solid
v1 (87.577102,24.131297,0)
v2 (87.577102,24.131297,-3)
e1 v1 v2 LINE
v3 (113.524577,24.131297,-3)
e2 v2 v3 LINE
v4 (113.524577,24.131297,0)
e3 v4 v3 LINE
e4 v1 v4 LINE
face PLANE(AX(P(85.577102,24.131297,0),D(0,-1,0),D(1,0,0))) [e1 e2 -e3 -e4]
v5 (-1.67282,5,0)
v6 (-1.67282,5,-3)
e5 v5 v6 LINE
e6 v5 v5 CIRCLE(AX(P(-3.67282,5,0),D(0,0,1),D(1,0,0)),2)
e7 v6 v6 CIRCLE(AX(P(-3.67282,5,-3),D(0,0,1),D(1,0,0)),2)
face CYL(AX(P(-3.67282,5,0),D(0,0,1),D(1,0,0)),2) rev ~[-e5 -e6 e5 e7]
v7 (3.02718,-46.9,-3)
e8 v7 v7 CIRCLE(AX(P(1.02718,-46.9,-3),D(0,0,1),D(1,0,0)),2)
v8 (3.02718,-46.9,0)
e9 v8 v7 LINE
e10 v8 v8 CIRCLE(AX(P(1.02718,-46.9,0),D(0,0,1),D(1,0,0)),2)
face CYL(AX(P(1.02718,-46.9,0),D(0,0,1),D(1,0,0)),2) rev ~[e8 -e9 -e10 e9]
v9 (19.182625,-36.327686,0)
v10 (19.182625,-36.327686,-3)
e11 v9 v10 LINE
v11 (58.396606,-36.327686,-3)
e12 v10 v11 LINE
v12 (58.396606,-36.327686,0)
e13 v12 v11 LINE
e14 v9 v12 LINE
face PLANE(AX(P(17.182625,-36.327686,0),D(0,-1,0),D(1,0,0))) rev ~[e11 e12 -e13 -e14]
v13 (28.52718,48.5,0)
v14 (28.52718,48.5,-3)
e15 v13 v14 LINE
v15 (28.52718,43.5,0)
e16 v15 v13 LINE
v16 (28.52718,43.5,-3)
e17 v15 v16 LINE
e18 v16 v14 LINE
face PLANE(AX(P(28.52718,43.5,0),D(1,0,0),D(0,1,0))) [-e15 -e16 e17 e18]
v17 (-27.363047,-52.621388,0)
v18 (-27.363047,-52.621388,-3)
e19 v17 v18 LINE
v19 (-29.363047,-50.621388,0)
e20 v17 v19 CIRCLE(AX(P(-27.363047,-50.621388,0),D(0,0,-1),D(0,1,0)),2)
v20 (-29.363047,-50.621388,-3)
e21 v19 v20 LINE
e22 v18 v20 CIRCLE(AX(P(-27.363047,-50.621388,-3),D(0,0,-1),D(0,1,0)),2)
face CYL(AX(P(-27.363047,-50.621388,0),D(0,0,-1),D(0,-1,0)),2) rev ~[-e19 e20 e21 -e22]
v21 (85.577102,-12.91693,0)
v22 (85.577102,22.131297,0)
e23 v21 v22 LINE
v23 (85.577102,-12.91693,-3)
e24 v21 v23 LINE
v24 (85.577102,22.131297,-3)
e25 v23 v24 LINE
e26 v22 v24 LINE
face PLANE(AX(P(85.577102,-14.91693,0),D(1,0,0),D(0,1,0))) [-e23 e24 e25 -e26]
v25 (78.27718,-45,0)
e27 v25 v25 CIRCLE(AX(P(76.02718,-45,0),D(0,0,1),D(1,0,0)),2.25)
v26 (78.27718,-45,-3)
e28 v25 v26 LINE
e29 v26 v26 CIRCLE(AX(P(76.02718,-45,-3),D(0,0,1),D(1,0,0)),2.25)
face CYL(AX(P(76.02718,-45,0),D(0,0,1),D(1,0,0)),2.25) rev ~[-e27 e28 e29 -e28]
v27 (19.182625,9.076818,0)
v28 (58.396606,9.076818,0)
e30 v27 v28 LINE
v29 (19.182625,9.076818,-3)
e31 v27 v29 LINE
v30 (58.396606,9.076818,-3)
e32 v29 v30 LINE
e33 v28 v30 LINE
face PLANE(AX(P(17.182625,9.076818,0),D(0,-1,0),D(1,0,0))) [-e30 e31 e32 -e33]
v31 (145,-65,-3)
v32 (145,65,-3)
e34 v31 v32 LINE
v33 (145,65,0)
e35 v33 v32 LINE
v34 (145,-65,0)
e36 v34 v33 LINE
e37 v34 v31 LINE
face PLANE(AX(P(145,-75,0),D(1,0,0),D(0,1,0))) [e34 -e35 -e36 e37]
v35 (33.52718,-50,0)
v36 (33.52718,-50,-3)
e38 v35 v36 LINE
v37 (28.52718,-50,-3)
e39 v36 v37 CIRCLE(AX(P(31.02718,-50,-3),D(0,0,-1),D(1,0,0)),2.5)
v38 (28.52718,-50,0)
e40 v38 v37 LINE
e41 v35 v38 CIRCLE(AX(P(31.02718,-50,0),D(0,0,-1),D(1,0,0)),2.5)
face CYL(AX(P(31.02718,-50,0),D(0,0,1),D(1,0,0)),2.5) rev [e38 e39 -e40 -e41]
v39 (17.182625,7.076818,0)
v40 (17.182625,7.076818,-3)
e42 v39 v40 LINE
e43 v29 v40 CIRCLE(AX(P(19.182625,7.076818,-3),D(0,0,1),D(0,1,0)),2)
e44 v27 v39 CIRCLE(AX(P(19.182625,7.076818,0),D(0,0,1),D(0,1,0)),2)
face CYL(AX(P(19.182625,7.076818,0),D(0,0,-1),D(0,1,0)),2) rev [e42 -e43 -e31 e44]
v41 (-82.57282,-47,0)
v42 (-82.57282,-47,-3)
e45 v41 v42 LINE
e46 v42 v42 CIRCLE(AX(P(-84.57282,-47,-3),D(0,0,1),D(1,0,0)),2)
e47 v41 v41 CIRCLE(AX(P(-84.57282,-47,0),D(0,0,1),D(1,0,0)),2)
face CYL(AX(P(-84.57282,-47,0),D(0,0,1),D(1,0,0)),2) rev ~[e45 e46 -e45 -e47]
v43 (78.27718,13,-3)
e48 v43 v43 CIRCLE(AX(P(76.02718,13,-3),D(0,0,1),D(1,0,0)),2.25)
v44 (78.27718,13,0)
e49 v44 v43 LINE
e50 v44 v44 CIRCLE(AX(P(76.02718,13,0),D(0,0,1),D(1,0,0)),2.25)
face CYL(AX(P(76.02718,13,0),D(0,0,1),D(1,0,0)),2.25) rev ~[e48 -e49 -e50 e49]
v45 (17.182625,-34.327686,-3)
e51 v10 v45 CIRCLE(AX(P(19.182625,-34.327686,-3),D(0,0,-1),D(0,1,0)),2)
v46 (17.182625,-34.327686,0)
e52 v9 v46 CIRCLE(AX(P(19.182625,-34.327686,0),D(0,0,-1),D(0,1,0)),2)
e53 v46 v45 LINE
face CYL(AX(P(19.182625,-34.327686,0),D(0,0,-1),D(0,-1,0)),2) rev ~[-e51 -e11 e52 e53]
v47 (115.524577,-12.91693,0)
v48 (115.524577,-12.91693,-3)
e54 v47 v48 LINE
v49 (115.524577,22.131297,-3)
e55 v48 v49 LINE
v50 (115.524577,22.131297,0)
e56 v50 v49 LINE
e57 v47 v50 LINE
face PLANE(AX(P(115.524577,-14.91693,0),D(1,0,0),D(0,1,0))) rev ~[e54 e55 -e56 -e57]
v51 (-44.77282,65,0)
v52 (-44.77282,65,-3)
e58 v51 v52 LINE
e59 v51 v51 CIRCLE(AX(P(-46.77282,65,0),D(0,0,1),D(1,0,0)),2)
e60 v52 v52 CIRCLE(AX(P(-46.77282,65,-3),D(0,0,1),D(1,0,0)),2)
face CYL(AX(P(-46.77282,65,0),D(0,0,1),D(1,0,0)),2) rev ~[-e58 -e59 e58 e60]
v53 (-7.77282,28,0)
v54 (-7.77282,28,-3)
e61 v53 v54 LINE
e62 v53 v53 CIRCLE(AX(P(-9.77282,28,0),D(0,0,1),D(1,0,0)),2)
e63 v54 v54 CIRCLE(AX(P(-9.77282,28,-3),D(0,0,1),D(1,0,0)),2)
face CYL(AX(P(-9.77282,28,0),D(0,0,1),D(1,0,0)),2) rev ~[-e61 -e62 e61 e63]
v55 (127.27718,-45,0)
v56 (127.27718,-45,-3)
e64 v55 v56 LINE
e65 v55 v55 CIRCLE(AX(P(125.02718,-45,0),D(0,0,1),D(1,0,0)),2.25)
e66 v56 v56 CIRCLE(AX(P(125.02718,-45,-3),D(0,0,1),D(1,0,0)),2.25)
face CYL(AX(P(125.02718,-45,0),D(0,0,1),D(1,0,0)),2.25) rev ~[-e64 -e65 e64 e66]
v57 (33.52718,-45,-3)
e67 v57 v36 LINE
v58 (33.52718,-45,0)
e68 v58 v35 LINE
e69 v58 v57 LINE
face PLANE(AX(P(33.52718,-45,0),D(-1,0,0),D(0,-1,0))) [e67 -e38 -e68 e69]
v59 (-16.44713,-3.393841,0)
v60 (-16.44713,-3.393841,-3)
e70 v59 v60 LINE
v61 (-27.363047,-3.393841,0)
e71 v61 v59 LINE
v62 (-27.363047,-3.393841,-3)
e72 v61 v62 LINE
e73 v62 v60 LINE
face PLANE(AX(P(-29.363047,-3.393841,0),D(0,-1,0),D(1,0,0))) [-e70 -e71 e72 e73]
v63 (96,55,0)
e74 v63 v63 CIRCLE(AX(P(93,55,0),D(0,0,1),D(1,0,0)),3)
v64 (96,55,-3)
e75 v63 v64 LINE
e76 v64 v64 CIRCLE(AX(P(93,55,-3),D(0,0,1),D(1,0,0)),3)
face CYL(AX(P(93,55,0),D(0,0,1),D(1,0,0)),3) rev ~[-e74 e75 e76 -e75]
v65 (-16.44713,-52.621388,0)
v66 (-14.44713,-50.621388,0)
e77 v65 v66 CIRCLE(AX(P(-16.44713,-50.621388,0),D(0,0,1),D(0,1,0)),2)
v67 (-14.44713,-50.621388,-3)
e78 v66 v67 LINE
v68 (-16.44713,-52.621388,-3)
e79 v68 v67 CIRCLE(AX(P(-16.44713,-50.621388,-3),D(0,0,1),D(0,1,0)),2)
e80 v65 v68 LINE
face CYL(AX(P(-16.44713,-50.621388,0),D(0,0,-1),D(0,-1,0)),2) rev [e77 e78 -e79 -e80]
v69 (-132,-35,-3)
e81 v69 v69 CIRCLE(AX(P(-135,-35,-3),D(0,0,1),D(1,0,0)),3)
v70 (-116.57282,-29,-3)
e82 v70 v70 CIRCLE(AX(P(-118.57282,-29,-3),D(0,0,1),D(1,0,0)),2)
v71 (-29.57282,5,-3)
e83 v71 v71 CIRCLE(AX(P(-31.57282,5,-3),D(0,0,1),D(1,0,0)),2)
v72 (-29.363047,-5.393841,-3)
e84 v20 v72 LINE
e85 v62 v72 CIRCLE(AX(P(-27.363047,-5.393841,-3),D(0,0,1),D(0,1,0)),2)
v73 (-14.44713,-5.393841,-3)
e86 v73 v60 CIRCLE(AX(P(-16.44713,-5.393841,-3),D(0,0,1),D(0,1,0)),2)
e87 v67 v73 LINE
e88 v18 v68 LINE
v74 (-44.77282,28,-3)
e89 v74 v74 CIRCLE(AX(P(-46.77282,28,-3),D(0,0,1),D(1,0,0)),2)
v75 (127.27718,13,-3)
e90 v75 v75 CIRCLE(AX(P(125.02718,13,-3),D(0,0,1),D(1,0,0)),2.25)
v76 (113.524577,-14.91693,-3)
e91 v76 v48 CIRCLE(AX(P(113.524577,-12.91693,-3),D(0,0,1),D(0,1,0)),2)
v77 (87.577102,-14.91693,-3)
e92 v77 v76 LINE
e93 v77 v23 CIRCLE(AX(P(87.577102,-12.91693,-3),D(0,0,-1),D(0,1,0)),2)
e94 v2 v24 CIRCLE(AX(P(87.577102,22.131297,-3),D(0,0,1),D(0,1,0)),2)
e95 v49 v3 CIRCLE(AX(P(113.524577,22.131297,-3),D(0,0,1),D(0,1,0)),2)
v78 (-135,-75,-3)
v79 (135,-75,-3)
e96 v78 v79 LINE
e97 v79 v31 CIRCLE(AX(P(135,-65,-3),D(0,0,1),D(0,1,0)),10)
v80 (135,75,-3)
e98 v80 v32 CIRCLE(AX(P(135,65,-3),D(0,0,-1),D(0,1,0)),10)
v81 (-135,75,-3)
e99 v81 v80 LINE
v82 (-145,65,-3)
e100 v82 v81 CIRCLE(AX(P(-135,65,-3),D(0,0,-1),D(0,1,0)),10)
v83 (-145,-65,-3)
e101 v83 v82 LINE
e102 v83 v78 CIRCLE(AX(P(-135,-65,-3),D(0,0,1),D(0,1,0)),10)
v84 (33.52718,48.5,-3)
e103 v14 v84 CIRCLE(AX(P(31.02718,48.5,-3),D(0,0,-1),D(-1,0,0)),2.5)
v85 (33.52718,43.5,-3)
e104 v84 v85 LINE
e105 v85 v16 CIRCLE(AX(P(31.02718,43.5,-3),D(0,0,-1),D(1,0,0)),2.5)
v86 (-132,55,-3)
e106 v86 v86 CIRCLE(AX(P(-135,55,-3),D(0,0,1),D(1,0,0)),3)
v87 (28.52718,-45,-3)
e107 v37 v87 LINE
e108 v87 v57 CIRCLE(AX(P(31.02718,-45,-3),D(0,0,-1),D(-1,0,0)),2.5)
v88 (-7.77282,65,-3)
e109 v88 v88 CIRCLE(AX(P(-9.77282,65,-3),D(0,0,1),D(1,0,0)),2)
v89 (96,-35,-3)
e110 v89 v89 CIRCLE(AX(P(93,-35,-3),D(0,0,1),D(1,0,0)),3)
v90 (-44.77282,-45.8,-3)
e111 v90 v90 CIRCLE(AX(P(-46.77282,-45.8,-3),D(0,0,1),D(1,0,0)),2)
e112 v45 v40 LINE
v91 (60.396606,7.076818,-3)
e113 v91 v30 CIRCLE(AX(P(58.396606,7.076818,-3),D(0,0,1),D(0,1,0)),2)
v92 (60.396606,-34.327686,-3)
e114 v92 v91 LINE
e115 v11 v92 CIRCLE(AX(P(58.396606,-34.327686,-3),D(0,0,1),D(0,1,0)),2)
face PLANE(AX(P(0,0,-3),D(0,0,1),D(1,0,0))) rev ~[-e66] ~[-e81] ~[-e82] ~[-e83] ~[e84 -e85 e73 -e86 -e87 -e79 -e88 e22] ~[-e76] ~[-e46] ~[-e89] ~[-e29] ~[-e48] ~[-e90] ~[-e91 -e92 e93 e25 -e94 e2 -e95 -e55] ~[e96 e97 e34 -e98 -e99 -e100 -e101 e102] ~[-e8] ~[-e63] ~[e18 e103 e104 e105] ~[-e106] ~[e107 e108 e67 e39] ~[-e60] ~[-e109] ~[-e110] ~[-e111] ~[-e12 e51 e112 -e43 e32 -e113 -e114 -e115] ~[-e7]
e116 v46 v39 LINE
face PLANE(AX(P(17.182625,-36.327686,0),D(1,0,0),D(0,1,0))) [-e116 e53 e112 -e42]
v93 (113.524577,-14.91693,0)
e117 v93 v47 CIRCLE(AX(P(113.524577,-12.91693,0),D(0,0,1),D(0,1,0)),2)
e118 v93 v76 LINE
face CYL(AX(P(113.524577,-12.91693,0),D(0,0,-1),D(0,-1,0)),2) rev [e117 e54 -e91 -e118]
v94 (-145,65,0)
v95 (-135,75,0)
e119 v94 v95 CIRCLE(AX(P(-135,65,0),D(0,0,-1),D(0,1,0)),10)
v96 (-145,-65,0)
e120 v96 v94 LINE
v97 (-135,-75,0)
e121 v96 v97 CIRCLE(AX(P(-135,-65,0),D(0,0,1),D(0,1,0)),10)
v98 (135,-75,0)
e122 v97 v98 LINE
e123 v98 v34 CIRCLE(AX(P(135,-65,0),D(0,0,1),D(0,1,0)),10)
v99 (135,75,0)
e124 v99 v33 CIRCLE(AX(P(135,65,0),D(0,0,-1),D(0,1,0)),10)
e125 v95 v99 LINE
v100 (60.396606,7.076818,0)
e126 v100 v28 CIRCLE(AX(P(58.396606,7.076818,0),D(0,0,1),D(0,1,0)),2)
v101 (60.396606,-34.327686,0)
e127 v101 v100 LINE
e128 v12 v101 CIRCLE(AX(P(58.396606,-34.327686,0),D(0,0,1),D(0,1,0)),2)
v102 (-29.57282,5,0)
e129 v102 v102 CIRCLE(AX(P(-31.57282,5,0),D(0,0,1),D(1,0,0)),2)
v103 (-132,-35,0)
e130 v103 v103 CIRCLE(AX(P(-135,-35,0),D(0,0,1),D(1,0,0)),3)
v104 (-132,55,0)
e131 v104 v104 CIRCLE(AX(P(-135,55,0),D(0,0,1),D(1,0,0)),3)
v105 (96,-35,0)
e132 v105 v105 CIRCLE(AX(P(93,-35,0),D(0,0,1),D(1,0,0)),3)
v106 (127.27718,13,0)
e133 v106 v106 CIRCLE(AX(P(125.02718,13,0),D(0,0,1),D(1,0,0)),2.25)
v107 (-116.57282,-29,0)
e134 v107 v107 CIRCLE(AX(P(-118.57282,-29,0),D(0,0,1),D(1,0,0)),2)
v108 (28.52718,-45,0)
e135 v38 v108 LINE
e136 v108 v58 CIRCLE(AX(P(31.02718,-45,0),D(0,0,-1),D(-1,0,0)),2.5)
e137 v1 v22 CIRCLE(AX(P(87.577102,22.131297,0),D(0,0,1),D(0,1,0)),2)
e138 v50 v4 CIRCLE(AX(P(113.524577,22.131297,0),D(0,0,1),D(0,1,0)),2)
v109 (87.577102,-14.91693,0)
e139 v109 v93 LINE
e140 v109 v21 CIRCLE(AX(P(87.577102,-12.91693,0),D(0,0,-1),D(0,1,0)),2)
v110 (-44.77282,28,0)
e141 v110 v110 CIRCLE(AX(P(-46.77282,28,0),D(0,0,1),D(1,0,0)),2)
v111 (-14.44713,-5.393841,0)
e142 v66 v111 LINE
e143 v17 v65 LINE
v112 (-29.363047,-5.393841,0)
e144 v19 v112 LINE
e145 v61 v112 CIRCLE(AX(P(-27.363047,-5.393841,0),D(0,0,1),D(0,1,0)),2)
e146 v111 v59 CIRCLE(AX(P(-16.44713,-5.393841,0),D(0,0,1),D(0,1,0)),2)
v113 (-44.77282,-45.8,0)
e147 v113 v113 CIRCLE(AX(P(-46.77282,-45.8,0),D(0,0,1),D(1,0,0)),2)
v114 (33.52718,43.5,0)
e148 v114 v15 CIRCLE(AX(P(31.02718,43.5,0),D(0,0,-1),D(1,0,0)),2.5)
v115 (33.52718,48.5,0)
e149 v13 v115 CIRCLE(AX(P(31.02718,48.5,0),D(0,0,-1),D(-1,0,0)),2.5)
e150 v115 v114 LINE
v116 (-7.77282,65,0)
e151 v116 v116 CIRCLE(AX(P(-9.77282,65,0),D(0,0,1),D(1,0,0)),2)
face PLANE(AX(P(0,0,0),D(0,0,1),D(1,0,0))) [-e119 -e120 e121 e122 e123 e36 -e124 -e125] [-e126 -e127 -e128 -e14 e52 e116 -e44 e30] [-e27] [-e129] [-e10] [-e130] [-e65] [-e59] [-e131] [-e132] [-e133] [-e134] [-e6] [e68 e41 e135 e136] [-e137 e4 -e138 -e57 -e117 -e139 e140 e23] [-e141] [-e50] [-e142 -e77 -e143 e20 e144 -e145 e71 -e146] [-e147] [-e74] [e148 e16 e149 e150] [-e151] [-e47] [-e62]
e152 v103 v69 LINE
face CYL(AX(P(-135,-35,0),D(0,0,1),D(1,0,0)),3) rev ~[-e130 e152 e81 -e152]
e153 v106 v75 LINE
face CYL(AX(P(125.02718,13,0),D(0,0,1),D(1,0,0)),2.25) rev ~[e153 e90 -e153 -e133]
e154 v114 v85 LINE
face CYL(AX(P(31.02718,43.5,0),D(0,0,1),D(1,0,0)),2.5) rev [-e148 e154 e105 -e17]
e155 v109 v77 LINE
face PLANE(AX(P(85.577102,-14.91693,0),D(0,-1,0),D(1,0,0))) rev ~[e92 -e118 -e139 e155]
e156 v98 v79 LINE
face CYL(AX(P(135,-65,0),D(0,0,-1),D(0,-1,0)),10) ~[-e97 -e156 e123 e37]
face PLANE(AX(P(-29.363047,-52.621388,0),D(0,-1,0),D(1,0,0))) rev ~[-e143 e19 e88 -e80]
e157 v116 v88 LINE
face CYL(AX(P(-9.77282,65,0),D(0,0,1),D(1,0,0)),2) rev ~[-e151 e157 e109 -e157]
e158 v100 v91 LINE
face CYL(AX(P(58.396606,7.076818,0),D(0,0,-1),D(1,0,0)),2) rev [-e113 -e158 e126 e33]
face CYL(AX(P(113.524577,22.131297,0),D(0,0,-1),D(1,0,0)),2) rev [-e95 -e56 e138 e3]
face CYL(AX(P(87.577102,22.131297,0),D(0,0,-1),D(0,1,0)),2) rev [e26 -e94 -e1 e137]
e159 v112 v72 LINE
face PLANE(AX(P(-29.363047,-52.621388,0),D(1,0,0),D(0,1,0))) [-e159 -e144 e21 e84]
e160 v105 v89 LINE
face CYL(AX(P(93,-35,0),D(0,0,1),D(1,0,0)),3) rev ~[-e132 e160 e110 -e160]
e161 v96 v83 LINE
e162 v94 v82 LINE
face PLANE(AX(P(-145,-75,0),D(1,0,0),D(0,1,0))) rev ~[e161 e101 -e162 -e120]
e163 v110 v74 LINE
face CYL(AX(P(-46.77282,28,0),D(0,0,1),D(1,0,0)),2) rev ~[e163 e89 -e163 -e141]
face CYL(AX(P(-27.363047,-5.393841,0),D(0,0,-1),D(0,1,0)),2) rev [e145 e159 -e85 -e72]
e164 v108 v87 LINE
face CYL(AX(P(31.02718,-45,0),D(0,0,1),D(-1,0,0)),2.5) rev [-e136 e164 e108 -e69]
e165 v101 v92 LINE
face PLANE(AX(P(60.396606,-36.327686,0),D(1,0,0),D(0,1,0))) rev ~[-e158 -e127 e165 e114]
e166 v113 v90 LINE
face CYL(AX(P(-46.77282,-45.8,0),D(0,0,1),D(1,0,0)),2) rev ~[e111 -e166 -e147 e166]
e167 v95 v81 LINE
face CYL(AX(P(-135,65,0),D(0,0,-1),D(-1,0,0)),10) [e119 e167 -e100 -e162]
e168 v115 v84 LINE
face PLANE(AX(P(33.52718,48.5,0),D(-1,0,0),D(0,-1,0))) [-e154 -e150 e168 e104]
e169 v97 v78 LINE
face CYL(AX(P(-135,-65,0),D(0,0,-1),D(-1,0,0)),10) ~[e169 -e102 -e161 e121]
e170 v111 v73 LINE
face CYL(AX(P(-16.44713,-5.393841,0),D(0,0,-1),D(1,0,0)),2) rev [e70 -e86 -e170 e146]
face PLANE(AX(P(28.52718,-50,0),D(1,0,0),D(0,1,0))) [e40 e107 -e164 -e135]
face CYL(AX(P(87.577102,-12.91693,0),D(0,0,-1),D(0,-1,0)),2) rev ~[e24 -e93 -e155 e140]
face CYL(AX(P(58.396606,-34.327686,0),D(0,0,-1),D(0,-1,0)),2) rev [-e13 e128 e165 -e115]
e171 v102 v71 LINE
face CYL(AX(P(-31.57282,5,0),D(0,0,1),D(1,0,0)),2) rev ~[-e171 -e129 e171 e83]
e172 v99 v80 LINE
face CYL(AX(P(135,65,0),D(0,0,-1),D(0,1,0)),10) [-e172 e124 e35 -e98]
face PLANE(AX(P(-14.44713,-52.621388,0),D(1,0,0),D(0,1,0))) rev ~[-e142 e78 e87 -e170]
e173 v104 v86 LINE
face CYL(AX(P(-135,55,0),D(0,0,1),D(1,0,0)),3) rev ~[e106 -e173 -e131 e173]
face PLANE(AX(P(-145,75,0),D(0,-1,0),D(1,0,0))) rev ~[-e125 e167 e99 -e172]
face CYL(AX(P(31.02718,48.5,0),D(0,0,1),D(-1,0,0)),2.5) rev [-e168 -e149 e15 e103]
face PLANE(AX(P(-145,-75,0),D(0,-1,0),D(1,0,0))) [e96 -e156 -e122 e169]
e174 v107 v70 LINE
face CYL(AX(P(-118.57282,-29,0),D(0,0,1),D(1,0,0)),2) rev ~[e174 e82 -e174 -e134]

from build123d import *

# Parameters (mm, degrees)
SKETCH_1_W          = 290
SKETCH_1_H          = 150
SKETCH_1_R          = 2.25
SKETCH_1_R_2        = 2
EXTRUDE_1_DEPTH     = 3
SKETCH_5_R          = 3
CUT_EXTRUDE_1_DEPTH = 10
SKETCH_6_W          = 29.947475637
SKETCH_6_H          = 39.048227512
SKETCH_6_W_2        = 43.213980646
SKETCH_6_H_2        = 45.404503952
SKETCH_6_W_3        = 14.915916247
SKETCH_6_H_3        = 49.22754674
CUT_EXTRUDE_2_DEPTH = 10
FILLET_1_R          = 2
FILLET_2_R          = 10


with BuildPart() as part:
    # 스케치1 → 보스-돌출1 (new body)
    with BuildSketch(Plane.XY):
        Rectangle(SKETCH_1_W, SKETCH_1_H)
        with Locations((76.027180087, 13)):
            Circle(SKETCH_1_R, mode=Mode.SUBTRACT)
        with Locations((76.027180087, -45)):
            Circle(SKETCH_1_R, mode=Mode.SUBTRACT)
        with Locations((125.027180087, -45)):
            Circle(SKETCH_1_R, mode=Mode.SUBTRACT)
        with Locations((125.027180087, 13)):
            Circle(SKETCH_1_R, mode=Mode.SUBTRACT)
        with Locations((-118.572819913, -29)):
            Circle(SKETCH_1_R_2, mode=Mode.SUBTRACT)
        with Locations((-84.572819913, -47)):
            Circle(SKETCH_1_R_2, mode=Mode.SUBTRACT)
        with Locations((1.027180087, -46.9)):
            Circle(SKETCH_1_R_2, mode=Mode.SUBTRACT)
        with Locations((-3.672819913, 5)):
            Circle(SKETCH_1_R_2, mode=Mode.SUBTRACT)
        with Locations((-31.572819913, 5)):
            Circle(SKETCH_1_R_2, mode=Mode.SUBTRACT)
        with Locations((-46.772819913, -45.8)):
            Circle(SKETCH_1_R_2, mode=Mode.SUBTRACT)
        with Locations((-9.772819913, 28)):
            Circle(SKETCH_1_R_2, mode=Mode.SUBTRACT)
        with Locations((-46.772819913, 28)):
            Circle(SKETCH_1_R_2, mode=Mode.SUBTRACT)
        with Locations((-46.772819913, 65)):
            Circle(SKETCH_1_R_2, mode=Mode.SUBTRACT)
        with Locations((-9.772819913, 65)):
            Circle(SKETCH_1_R_2, mode=Mode.SUBTRACT)
        with BuildLine():
            Line((28.527180087, 43.5), (28.527180087, 48.5))
            ThreePointArc((28.527180087, 48.5), (31.027180087, 51), (33.527180087, 48.5))
            Line((33.527180087, 48.5), (33.527180087, 43.5))
            ThreePointArc((33.527180087, 43.5), (31.027180087, 41), (28.527180087, 43.5))
        make_face(mode=Mode.SUBTRACT)
        with BuildLine():
            Line((33.527180087, -45), (33.527180087, -50))
            ThreePointArc((33.527180087, -50), (31.027180087, -52.5), (28.527180087, -50))
            Line((28.527180087, -50), (28.527180087, -45))
            ThreePointArc((28.527180087, -45), (31.027180087, -42.5), (33.527180087, -45))
        make_face(mode=Mode.SUBTRACT)
    extrude(amount=-EXTRUDE_1_DEPTH)

    # 스케치5 → 컷-돌출1 (cut)
    with BuildSketch(Plane.XY):
        with Locations((-135, 55)):
            Circle(SKETCH_5_R)
        with Locations((-135, -35)):
            Circle(SKETCH_5_R)
        with Locations((93, 55)):
            Circle(SKETCH_5_R)
        with Locations((93, -35)):
            Circle(SKETCH_5_R)
    extrude(amount=-CUT_EXTRUDE_1_DEPTH, mode=Mode.SUBTRACT)

    # 스케치6 → 컷-돌출2 (cut)
    with BuildSketch(Plane.XY):
        with Locations((100.550839394, 4.607183656)):
            Rectangle(SKETCH_6_W, SKETCH_6_H)
        with Locations((38.78961529, -13.625434023)):
            Rectangle(SKETCH_6_W_2, SKETCH_6_H_2)
        with Locations((-21.905088543, -28.00761485)):
            Rectangle(SKETCH_6_W_3, SKETCH_6_H_3)
    extrude(amount=-CUT_EXTRUDE_2_DEPTH, mode=Mode.SUBTRACT)

    # 필렛1
    fillet_1_edges = [part.edges().sort_by_distance(p)[0] for p in [
        (85.577101575, -14.9169301, -1.5),
        (85.577101575, 24.131297412, -1.5),
        (115.524577212, 24.131297412, -1.5),
        (115.524577212, -14.9169301, -1.5),
        (17.182624967, -36.327685999, -1.5),
        (17.182624967, 9.076817953, -1.5),
        (60.396605613, 9.076817953, -1.5),
        (60.396605613, -36.327685999, -1.5),
        (-29.363046666, -52.62138822, -1.5),
        (-29.363046666, -3.39384148, -1.5),
        (-14.447130419, -3.39384148, -1.5),
        (-14.447130419, -52.62138822, -1.5),
    ]]
    fillet(fillet_1_edges, radius=FILLET_1_R)

    # 필렛2
    fillet_2_edges = [part.edges().sort_by_distance(p)[0] for p in [
        (-145, 75, -1.5),
        (145, 75, -1.5),
        (145, -75, -1.5),
        (-145, -75, -1.5),
    ]]
    fillet(fillet_2_edges, radius=FILLET_2_R)


solid = part.part
